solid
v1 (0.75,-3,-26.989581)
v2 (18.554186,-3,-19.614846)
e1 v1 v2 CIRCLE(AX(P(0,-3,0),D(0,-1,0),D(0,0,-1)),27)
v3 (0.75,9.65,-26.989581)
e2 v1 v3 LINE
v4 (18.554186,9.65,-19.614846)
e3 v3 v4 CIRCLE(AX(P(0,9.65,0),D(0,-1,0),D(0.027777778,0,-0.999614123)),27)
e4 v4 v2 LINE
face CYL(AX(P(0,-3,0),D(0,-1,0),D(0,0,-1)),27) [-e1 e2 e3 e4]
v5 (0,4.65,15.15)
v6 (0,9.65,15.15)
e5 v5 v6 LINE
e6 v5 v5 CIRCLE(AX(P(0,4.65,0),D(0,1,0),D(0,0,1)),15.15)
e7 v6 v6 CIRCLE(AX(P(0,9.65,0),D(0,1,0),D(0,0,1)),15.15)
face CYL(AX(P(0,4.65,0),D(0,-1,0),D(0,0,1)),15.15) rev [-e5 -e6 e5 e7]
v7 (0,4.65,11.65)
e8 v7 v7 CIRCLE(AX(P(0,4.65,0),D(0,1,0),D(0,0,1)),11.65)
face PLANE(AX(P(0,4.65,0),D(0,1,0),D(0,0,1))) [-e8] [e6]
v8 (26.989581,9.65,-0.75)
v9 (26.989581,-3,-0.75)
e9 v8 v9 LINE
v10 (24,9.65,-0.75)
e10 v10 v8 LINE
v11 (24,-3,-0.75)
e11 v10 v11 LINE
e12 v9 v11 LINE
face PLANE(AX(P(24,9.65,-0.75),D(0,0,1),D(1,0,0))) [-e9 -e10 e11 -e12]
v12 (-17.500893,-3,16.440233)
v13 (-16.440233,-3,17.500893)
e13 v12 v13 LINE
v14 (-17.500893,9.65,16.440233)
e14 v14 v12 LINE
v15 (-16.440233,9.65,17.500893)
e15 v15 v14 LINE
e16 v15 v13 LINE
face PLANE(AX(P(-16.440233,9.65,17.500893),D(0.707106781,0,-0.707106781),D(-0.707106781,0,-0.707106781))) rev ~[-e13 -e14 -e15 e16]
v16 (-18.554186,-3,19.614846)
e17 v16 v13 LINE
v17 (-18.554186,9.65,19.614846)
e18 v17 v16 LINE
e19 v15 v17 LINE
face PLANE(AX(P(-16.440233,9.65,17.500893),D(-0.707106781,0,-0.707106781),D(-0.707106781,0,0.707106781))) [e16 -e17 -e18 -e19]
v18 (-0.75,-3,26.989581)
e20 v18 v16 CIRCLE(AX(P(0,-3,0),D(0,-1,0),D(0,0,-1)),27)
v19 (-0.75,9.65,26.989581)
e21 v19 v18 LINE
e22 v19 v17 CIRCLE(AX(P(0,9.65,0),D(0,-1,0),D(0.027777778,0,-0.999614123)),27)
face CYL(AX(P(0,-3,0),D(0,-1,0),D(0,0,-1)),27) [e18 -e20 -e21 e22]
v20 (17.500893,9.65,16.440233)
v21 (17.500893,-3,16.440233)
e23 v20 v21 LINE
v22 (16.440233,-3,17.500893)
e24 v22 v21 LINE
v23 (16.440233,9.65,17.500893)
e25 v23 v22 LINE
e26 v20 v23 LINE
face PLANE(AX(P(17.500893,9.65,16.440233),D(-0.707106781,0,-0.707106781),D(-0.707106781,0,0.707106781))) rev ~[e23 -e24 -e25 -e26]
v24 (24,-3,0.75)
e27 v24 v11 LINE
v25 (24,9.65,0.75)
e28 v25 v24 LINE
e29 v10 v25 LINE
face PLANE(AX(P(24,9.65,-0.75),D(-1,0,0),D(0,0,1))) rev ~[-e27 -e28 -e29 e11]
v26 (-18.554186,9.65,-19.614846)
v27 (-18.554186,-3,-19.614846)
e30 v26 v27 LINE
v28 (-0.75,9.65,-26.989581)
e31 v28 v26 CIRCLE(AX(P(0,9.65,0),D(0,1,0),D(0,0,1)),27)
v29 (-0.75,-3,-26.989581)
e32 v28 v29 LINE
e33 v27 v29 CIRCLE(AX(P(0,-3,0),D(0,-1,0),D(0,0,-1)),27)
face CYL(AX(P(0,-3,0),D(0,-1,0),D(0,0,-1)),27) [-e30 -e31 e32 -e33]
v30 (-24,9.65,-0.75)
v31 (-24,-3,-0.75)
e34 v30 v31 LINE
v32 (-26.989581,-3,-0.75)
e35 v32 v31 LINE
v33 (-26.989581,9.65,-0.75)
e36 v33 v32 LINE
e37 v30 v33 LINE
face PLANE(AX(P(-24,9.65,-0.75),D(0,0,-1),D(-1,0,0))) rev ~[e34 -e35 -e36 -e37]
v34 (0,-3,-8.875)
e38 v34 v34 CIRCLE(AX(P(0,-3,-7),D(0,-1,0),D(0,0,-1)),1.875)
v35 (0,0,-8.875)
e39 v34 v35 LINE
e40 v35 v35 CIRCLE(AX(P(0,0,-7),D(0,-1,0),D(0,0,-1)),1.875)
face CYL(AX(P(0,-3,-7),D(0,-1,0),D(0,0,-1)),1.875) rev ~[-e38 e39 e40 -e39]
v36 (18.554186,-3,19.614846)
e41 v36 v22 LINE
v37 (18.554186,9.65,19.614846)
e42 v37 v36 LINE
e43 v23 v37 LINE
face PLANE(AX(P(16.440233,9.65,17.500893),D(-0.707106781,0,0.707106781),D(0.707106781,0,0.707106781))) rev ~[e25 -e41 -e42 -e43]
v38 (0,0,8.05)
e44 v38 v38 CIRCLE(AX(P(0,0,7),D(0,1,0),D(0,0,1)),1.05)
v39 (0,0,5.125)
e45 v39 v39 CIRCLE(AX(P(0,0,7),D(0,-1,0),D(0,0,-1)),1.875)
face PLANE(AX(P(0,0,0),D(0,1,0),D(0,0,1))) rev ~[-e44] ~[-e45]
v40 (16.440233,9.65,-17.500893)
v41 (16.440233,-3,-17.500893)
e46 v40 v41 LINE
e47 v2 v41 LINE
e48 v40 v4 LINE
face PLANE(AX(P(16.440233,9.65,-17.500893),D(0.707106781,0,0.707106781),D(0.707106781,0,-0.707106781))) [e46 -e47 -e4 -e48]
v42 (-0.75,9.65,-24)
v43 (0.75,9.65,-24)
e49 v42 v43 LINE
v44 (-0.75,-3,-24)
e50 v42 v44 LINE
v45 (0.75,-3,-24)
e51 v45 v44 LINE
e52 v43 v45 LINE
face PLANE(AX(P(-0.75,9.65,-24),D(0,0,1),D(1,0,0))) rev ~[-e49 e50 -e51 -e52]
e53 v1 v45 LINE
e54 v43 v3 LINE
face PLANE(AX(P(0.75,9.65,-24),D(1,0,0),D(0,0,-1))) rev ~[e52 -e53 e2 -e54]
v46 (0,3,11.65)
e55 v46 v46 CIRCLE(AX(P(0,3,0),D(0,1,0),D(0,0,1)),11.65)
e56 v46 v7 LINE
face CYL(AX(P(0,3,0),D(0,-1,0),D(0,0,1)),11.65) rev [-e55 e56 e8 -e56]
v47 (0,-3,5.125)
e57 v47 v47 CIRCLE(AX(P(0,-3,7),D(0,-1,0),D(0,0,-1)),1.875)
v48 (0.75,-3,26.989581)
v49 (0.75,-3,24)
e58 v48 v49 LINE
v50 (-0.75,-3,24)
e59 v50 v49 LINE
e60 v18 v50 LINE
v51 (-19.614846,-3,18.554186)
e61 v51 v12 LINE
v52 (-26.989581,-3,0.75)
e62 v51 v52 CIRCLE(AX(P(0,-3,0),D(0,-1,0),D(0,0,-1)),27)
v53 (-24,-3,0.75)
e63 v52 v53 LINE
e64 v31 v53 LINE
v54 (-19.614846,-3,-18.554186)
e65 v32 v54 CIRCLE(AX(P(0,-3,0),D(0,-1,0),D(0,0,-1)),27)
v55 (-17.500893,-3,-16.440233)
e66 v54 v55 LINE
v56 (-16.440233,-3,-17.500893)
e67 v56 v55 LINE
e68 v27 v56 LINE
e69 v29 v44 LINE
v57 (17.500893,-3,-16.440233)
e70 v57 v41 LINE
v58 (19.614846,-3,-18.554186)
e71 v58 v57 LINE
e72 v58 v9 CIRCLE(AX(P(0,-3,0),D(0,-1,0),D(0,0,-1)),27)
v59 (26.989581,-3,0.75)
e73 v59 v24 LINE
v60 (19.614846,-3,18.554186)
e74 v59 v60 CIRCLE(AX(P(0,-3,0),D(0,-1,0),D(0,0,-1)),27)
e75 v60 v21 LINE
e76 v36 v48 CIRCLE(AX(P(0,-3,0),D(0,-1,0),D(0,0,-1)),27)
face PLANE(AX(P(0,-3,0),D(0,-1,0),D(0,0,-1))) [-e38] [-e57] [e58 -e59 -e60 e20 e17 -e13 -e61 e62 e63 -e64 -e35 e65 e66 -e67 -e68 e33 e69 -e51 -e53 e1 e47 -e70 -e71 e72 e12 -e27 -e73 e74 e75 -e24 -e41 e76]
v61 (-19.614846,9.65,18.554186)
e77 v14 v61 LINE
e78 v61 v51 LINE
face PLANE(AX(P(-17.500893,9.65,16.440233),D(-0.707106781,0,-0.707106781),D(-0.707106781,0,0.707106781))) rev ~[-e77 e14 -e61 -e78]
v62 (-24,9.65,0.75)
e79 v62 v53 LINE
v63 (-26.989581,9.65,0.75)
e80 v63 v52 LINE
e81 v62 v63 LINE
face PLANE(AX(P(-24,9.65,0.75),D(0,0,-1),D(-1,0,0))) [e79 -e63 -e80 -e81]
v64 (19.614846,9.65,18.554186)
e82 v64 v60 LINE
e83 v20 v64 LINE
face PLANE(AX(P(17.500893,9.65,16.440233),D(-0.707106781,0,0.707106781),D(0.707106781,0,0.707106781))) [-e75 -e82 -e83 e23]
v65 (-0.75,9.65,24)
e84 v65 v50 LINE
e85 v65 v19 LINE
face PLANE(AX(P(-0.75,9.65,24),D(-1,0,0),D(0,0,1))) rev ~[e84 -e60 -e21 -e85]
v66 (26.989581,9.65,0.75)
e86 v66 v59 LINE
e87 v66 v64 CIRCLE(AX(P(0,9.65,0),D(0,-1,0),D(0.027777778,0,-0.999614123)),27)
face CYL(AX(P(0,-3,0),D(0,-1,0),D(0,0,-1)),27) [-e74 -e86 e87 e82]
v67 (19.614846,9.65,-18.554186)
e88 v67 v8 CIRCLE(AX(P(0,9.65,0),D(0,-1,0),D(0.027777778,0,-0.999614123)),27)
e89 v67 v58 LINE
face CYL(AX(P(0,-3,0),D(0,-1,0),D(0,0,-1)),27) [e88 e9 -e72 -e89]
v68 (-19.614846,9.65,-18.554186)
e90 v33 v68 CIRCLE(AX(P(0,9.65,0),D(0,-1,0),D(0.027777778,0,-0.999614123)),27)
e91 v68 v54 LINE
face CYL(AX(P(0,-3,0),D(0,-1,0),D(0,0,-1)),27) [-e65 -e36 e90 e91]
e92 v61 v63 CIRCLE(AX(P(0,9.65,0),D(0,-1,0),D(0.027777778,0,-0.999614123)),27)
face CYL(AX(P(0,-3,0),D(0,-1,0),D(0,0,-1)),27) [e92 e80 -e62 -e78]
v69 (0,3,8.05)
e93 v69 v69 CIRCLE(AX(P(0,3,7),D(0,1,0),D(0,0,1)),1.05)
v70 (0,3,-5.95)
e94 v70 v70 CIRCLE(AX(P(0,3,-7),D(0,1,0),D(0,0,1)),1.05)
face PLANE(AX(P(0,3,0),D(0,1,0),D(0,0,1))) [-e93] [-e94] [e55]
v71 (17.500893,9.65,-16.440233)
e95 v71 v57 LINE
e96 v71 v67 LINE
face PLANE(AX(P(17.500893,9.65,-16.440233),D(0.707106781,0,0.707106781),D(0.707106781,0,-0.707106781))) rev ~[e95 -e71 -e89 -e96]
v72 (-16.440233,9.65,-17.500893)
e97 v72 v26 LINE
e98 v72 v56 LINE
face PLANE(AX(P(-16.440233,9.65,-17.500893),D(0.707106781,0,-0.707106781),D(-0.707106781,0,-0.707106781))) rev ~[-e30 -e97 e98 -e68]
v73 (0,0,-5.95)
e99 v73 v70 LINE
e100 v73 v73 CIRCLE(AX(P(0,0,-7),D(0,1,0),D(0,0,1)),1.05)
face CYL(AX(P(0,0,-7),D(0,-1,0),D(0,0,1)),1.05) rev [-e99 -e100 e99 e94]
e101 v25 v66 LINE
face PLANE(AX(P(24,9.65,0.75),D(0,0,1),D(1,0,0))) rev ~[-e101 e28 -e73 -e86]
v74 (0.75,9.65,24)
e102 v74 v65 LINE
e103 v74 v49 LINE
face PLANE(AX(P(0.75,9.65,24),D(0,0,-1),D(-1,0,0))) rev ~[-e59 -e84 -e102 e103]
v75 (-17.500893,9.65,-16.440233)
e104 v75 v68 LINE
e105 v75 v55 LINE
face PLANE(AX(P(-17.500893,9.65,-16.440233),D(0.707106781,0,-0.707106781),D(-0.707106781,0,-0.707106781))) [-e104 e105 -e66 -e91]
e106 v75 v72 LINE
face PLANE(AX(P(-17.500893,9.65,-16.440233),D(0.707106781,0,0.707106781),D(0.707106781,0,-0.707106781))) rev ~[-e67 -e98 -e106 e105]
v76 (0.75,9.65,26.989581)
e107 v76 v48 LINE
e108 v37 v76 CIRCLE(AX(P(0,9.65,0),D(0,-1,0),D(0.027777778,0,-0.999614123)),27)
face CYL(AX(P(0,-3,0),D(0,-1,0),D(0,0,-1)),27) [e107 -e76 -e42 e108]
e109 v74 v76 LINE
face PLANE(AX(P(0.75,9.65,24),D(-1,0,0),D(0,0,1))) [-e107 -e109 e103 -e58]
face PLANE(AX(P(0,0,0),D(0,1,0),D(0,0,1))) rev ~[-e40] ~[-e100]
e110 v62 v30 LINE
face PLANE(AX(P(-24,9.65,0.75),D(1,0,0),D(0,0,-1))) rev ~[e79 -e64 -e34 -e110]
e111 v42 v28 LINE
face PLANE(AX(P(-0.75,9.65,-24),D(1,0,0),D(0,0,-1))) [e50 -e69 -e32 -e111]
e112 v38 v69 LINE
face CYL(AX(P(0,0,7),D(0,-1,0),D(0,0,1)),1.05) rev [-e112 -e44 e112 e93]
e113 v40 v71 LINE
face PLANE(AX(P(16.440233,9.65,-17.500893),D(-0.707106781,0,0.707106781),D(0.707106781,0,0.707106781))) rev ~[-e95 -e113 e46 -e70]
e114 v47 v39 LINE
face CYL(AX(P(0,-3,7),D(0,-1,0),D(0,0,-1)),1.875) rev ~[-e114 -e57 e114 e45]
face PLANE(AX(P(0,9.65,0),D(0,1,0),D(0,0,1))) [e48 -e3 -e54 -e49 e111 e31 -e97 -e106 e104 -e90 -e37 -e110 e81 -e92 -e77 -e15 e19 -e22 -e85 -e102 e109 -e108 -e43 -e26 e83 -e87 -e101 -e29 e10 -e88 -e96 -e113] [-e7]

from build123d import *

# Parameters (mm, degrees)
SKETCH1_R           = 27
SKETCH1_R_2         = 1.05
BOSS_EXTRUDE1_DEPTH = 3
SKETCH2_R           = 27
SKETCH2_R_2         = 11.65
BOSS_EXTRUDE2_DEPTH = 1.65
SKETCH3_R           = 27
SKETCH3_R_2         = 15.15
BOSS_EXTRUDE3_DEPTH = 5
BOSS_EXTRUDE4_START = 3
SKETCH4_R           = 27
SKETCH4_R_2         = 1.875
BOSS_EXTRUDE4_DEPTH = 3
SKETCH5_W           = 1.5
SKETCH5_H           = 3.970266945
CUT_EXTRUDE1_DEPTH  = 41.224650402
CIRPATTERN1_COUNT   = 8


with BuildPart() as part:
    # Sketch1 → Boss-Extrude1 (new body)
    with BuildSketch(Plane(origin=(0, 0, 0), x_dir=(1, 0, 0), z_dir=(0, 1, 0))):
        with Locations(Location((0, 0, 0), (0, 0, 270))):
            Circle(SKETCH1_R)
        with Locations(Location((0, 7, 0), (0, 0, 270))):
            Circle(SKETCH1_R_2, mode=Mode.SUBTRACT)
        with Locations(Location((0, -7, 0), (0, 0, 270))):
            Circle(SKETCH1_R_2, mode=Mode.SUBTRACT)
    extrude(amount=BOSS_EXTRUDE1_DEPTH)

    # Sketch2 → Boss-Extrude2 (add)
    with BuildSketch(Plane(origin=(0, 3, 0), x_dir=(1, 0, 0), z_dir=(0, 1, 0))):
        with Locations(Location((0, 0, 0), (0, 0, 270))):
            Circle(SKETCH2_R)
        with Locations(Location((0, 0, 0), (0, 0, 270))):
            Circle(SKETCH2_R_2, mode=Mode.SUBTRACT)
    extrude(amount=BOSS_EXTRUDE2_DEPTH)

    # Sketch3 → Boss-Extrude3 (add)
    with BuildSketch(Plane(origin=(0, 4.65, 0), x_dir=(1, 0, 0), z_dir=(0, 1, 0))):
        with Locations(Location((0, 0, 0), (0, 0, 270))):
            Circle(SKETCH3_R)
        with Locations(Location((0, 0, 0), (0, 0, 270))):
            Circle(SKETCH3_R_2, mode=Mode.SUBTRACT)
    extrude(amount=BOSS_EXTRUDE3_DEPTH)

    # Sketch4 → Boss-Extrude4 (add)
    with BuildSketch(Plane.XZ.offset(BOSS_EXTRUDE4_START)):
        with Locations(Location((0, 0, 0), (0, 0, 270))):
            Circle(SKETCH4_R)
        with Locations(Location((0, -7, 0), (0, 0, 270))):
            Circle(SKETCH4_R_2, mode=Mode.SUBTRACT)
        with Locations(Location((0, 7, 0), (0, 0, 270))):
            Circle(SKETCH4_R_2, mode=Mode.SUBTRACT)
    extrude(amount=-BOSS_EXTRUDE4_DEPTH)

    # Sketch5 → Cut-Extrude1 (cut, through all)
    with BuildSketch(Plane(origin=(0, 9.65, 0), x_dir=(1, 0, 0), z_dir=(0, 1, 0))):
        with Locations((0, 25.985133473)):
            Rectangle(SKETCH5_W, SKETCH5_H)
    cut_extrude1 = extrude(amount=-CUT_EXTRUDE1_DEPTH, mode=Mode.SUBTRACT)

    # CirPattern1: Cut-Extrude1 ×8 about axis
    cirpattern1_axis = Axis((0, 0, 0), (0, 1, 0))
    for i in range(1, CIRPATTERN1_COUNT):
        add(cut_extrude1.rotate(cirpattern1_axis, i * 360 / CIRPATTERN1_COUNT), mode=Mode.SUBTRACT)


solid = part.part
